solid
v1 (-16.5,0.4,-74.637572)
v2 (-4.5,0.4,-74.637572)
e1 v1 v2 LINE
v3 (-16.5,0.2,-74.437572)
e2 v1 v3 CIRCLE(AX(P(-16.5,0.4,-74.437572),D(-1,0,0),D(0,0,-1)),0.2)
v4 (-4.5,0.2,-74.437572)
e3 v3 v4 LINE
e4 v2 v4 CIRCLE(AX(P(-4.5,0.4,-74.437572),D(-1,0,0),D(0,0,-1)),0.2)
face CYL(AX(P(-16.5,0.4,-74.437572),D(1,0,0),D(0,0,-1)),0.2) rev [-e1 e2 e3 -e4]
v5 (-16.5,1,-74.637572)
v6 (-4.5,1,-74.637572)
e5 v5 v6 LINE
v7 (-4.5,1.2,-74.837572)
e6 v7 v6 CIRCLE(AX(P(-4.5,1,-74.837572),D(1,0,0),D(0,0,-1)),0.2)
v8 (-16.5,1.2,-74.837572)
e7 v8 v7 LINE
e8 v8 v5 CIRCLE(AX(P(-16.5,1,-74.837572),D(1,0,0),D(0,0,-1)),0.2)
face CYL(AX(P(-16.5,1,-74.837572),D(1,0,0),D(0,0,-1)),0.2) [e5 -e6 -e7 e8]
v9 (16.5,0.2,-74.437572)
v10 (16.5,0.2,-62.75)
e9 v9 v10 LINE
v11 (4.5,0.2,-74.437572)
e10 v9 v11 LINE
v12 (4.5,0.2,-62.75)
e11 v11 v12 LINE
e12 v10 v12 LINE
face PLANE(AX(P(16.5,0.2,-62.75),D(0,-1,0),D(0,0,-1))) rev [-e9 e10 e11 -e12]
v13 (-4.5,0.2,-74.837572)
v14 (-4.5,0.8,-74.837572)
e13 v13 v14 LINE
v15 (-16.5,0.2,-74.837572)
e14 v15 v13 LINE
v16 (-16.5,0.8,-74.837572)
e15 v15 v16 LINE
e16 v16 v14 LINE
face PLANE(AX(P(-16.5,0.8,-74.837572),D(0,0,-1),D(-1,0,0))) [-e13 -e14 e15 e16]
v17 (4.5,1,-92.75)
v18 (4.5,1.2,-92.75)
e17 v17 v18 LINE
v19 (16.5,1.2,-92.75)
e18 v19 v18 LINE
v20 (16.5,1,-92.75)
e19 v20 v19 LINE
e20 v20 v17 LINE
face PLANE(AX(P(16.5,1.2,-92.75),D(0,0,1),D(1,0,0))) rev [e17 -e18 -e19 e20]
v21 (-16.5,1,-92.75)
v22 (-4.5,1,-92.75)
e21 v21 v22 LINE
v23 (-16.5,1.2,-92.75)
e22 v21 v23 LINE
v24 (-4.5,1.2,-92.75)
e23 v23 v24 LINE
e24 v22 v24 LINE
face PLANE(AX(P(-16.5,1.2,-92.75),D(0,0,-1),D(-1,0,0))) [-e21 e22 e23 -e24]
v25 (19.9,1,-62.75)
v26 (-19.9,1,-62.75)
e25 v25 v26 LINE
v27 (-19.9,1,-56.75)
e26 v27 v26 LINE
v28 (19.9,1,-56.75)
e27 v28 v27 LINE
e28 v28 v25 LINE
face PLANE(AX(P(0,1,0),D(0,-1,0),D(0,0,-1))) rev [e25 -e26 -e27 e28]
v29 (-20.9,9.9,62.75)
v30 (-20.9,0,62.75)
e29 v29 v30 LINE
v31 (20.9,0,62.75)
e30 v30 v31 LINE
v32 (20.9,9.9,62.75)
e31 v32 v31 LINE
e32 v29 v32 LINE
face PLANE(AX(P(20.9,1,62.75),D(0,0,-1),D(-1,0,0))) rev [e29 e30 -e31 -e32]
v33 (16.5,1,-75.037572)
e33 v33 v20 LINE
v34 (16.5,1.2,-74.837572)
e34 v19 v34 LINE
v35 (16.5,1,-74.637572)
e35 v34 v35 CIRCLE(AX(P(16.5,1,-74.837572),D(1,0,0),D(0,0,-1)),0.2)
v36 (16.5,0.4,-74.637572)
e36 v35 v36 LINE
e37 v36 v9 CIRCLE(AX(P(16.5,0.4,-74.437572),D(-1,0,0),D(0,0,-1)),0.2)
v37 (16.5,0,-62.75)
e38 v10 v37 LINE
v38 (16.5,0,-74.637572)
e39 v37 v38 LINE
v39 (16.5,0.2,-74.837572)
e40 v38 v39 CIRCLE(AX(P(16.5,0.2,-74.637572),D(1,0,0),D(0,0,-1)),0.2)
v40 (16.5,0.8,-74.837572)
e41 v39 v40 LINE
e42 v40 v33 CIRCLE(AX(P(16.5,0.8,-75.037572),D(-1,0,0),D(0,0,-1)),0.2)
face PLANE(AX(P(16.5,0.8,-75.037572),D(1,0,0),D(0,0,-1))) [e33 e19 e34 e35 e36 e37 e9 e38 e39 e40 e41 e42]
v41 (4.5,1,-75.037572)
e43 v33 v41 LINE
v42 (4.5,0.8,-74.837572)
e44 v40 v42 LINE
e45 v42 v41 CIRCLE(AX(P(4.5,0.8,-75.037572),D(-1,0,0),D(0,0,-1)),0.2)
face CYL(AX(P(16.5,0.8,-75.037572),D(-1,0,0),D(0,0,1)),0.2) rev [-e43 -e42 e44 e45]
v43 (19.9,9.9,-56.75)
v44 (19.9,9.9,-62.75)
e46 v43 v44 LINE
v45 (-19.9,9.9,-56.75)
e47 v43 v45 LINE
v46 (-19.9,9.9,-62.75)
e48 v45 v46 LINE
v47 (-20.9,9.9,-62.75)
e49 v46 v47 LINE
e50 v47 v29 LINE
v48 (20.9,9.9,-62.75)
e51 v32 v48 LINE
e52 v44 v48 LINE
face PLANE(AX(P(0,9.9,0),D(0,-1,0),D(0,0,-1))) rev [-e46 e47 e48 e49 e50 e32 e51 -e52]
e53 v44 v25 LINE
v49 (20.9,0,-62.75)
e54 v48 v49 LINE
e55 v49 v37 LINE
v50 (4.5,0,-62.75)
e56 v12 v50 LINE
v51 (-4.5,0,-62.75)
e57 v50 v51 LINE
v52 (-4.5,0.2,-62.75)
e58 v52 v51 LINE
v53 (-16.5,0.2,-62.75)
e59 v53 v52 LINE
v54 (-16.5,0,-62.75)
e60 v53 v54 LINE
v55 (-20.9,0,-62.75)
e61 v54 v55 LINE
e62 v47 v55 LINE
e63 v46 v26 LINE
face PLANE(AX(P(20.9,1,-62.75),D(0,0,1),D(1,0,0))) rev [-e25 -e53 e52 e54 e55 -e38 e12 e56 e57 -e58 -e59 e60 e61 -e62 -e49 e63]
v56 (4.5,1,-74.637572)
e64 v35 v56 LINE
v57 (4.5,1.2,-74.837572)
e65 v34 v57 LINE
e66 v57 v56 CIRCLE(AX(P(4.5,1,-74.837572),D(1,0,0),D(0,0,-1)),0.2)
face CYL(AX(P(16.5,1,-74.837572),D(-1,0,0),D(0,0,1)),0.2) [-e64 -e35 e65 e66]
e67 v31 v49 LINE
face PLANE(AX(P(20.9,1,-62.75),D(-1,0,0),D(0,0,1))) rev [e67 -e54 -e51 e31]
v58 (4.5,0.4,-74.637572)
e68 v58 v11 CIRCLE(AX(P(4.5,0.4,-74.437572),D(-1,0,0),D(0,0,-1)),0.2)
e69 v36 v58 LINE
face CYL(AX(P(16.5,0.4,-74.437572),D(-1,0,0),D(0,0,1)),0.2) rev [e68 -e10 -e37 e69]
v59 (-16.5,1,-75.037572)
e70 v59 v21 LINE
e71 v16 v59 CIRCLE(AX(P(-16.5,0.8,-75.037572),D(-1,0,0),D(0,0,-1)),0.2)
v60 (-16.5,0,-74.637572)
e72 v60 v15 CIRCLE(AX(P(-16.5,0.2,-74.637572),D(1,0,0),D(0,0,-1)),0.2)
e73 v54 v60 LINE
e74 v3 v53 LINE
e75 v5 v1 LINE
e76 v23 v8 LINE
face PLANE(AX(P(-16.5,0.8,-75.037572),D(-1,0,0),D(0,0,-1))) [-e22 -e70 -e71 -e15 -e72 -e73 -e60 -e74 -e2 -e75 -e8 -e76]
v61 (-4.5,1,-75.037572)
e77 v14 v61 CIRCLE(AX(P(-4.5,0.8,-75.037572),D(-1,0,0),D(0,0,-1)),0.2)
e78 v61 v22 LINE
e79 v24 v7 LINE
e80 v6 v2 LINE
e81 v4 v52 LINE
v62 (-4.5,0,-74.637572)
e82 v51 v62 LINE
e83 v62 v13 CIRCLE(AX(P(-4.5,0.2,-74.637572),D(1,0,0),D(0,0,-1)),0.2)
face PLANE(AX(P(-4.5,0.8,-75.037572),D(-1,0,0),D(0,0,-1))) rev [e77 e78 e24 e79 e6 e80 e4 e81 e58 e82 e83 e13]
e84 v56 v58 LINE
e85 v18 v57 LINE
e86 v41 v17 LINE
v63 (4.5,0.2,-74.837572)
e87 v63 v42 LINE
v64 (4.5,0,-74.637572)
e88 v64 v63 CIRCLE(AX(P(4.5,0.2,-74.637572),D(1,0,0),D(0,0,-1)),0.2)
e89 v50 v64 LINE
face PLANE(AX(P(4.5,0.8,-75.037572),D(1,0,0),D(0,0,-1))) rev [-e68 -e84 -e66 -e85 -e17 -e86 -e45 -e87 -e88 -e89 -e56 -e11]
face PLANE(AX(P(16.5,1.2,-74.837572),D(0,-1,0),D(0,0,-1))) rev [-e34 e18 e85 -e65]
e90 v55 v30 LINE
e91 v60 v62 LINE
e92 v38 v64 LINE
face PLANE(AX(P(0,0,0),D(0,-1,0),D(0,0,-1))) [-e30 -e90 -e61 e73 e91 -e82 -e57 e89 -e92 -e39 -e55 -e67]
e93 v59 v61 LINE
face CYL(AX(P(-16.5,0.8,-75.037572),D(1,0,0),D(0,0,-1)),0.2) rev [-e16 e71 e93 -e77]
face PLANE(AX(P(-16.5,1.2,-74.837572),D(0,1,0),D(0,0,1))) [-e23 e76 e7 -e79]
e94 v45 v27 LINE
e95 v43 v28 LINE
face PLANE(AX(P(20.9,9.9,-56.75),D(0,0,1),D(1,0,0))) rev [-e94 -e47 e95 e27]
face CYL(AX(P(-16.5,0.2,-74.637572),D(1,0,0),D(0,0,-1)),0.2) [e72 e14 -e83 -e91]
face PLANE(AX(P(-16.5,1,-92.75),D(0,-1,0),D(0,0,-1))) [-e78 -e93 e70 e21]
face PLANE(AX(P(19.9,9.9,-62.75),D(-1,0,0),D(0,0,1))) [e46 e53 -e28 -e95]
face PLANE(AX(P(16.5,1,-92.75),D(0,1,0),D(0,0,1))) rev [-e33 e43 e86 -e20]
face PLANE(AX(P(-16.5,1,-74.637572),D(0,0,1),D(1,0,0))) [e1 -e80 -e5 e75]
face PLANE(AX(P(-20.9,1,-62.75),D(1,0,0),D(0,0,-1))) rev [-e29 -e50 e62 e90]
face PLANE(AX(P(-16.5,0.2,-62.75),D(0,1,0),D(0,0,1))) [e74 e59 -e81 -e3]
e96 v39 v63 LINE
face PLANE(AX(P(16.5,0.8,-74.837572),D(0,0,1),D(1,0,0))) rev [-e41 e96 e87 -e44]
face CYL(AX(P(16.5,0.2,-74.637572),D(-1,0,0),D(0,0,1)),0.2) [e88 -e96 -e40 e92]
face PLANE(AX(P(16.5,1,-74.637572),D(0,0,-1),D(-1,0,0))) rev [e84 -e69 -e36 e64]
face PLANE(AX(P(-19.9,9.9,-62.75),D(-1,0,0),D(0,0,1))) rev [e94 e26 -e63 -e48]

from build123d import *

# Parameters (mm, degrees)
SKETCH1_W           = 41.8
SKETCH1_H           = 125.5
BOSS_EXTRUDE1_DEPTH = 1
SKETCH2_W           = 41.8
SKETCH2_H           = 119.5
BOSS_EXTRUDE2_DEPTH = 8.9
SKETCH3_W           = 1
SKETCH3_H           = 6
BOSS_EXTRUDE3_DEPTH = 8.9
BOSS_EXTRUDE4_START = 4.5
BOSS_EXTRUDE4_DEPTH = 12


with BuildPart() as part:
    # Sketch1 → Boss-Extrude1 (new body)
    with BuildSketch(Plane(origin=(0, 0, 0), x_dir=(1, 0, 0), z_dir=(0, 1, 0))):
        Rectangle(SKETCH1_W, SKETCH1_H)
    extrude(amount=BOSS_EXTRUDE1_DEPTH)

    # Sketch2 → Boss-Extrude2 (add)
    with BuildSketch(Plane(origin=(0, 1, 0), x_dir=(1, 0, 0), z_dir=(0, 1, 0))):
        with Locations((0, -3)):
            Rectangle(SKETCH2_W, SKETCH2_H)
    extrude(amount=BOSS_EXTRUDE2_DEPTH)

    # Sketch3 → Boss-Extrude3 (add)
    with BuildSketch(Plane(origin=(0, 1, 0), x_dir=(1, 0, 0), z_dir=(0, 1, 0))):
        with Locations((-20.4, 59.75)):
            Rectangle(SKETCH3_W, SKETCH3_H)
    boss_extrude3 = extrude(amount=BOSS_EXTRUDE3_DEPTH)

    # Sketch4 → Boss-Extrude4 (add)
    with BuildSketch(Plane(origin=(0, 0, 0), x_dir=(0, 0, -1), z_dir=(1, 0, 0)).offset(BOSS_EXTRUDE4_START)):
        with BuildLine():
            Line((74.837571994, 1.2), (92.75, 1.2))
            Line((92.75, 1.2), (92.75, 1))
            Line((92.75, 1), (75.037571994, 1))
            ThreePointArc((75.037571994, 1), (74.896150637, 0.941421356), (74.837571994, 0.8))
            Line((74.837571994, 0.8), (74.837571994, 0.2))
            ThreePointArc((74.837571994, 0.2), (74.77899335, 0.058578644), (74.637571994, 0))
            Line((74.637571994, 0), (62.75, 0))
            Line((62.75, 0), (62.75, 0.2))
            Line((62.75, 0.2), (74.437571994, 0.2))
            ThreePointArc((74.437571994, 0.2), (74.57899335, 0.258578644), (74.637571994, 0.4))
            Line((74.637571994, 0.4), (74.637571994, 1))
            ThreePointArc((74.637571994, 1), (74.696150637, 1.141421356), (74.837571994, 1.2))
        make_face()
    boss_extrude4 = extrude(amount=BOSS_EXTRUDE4_DEPTH)

    # Mirror1: Boss-Extrude3, Boss-Extrude4 across plane
    add(boss_extrude3.mirror(Plane(origin=(0, 0, 0), x_dir=(0, 0, 1), z_dir=(1, 0, 0))))
    add(boss_extrude4.mirror(Plane(origin=(0, 0, 0), x_dir=(0, 0, 1), z_dir=(1, 0, 0))))


solid = part.part
